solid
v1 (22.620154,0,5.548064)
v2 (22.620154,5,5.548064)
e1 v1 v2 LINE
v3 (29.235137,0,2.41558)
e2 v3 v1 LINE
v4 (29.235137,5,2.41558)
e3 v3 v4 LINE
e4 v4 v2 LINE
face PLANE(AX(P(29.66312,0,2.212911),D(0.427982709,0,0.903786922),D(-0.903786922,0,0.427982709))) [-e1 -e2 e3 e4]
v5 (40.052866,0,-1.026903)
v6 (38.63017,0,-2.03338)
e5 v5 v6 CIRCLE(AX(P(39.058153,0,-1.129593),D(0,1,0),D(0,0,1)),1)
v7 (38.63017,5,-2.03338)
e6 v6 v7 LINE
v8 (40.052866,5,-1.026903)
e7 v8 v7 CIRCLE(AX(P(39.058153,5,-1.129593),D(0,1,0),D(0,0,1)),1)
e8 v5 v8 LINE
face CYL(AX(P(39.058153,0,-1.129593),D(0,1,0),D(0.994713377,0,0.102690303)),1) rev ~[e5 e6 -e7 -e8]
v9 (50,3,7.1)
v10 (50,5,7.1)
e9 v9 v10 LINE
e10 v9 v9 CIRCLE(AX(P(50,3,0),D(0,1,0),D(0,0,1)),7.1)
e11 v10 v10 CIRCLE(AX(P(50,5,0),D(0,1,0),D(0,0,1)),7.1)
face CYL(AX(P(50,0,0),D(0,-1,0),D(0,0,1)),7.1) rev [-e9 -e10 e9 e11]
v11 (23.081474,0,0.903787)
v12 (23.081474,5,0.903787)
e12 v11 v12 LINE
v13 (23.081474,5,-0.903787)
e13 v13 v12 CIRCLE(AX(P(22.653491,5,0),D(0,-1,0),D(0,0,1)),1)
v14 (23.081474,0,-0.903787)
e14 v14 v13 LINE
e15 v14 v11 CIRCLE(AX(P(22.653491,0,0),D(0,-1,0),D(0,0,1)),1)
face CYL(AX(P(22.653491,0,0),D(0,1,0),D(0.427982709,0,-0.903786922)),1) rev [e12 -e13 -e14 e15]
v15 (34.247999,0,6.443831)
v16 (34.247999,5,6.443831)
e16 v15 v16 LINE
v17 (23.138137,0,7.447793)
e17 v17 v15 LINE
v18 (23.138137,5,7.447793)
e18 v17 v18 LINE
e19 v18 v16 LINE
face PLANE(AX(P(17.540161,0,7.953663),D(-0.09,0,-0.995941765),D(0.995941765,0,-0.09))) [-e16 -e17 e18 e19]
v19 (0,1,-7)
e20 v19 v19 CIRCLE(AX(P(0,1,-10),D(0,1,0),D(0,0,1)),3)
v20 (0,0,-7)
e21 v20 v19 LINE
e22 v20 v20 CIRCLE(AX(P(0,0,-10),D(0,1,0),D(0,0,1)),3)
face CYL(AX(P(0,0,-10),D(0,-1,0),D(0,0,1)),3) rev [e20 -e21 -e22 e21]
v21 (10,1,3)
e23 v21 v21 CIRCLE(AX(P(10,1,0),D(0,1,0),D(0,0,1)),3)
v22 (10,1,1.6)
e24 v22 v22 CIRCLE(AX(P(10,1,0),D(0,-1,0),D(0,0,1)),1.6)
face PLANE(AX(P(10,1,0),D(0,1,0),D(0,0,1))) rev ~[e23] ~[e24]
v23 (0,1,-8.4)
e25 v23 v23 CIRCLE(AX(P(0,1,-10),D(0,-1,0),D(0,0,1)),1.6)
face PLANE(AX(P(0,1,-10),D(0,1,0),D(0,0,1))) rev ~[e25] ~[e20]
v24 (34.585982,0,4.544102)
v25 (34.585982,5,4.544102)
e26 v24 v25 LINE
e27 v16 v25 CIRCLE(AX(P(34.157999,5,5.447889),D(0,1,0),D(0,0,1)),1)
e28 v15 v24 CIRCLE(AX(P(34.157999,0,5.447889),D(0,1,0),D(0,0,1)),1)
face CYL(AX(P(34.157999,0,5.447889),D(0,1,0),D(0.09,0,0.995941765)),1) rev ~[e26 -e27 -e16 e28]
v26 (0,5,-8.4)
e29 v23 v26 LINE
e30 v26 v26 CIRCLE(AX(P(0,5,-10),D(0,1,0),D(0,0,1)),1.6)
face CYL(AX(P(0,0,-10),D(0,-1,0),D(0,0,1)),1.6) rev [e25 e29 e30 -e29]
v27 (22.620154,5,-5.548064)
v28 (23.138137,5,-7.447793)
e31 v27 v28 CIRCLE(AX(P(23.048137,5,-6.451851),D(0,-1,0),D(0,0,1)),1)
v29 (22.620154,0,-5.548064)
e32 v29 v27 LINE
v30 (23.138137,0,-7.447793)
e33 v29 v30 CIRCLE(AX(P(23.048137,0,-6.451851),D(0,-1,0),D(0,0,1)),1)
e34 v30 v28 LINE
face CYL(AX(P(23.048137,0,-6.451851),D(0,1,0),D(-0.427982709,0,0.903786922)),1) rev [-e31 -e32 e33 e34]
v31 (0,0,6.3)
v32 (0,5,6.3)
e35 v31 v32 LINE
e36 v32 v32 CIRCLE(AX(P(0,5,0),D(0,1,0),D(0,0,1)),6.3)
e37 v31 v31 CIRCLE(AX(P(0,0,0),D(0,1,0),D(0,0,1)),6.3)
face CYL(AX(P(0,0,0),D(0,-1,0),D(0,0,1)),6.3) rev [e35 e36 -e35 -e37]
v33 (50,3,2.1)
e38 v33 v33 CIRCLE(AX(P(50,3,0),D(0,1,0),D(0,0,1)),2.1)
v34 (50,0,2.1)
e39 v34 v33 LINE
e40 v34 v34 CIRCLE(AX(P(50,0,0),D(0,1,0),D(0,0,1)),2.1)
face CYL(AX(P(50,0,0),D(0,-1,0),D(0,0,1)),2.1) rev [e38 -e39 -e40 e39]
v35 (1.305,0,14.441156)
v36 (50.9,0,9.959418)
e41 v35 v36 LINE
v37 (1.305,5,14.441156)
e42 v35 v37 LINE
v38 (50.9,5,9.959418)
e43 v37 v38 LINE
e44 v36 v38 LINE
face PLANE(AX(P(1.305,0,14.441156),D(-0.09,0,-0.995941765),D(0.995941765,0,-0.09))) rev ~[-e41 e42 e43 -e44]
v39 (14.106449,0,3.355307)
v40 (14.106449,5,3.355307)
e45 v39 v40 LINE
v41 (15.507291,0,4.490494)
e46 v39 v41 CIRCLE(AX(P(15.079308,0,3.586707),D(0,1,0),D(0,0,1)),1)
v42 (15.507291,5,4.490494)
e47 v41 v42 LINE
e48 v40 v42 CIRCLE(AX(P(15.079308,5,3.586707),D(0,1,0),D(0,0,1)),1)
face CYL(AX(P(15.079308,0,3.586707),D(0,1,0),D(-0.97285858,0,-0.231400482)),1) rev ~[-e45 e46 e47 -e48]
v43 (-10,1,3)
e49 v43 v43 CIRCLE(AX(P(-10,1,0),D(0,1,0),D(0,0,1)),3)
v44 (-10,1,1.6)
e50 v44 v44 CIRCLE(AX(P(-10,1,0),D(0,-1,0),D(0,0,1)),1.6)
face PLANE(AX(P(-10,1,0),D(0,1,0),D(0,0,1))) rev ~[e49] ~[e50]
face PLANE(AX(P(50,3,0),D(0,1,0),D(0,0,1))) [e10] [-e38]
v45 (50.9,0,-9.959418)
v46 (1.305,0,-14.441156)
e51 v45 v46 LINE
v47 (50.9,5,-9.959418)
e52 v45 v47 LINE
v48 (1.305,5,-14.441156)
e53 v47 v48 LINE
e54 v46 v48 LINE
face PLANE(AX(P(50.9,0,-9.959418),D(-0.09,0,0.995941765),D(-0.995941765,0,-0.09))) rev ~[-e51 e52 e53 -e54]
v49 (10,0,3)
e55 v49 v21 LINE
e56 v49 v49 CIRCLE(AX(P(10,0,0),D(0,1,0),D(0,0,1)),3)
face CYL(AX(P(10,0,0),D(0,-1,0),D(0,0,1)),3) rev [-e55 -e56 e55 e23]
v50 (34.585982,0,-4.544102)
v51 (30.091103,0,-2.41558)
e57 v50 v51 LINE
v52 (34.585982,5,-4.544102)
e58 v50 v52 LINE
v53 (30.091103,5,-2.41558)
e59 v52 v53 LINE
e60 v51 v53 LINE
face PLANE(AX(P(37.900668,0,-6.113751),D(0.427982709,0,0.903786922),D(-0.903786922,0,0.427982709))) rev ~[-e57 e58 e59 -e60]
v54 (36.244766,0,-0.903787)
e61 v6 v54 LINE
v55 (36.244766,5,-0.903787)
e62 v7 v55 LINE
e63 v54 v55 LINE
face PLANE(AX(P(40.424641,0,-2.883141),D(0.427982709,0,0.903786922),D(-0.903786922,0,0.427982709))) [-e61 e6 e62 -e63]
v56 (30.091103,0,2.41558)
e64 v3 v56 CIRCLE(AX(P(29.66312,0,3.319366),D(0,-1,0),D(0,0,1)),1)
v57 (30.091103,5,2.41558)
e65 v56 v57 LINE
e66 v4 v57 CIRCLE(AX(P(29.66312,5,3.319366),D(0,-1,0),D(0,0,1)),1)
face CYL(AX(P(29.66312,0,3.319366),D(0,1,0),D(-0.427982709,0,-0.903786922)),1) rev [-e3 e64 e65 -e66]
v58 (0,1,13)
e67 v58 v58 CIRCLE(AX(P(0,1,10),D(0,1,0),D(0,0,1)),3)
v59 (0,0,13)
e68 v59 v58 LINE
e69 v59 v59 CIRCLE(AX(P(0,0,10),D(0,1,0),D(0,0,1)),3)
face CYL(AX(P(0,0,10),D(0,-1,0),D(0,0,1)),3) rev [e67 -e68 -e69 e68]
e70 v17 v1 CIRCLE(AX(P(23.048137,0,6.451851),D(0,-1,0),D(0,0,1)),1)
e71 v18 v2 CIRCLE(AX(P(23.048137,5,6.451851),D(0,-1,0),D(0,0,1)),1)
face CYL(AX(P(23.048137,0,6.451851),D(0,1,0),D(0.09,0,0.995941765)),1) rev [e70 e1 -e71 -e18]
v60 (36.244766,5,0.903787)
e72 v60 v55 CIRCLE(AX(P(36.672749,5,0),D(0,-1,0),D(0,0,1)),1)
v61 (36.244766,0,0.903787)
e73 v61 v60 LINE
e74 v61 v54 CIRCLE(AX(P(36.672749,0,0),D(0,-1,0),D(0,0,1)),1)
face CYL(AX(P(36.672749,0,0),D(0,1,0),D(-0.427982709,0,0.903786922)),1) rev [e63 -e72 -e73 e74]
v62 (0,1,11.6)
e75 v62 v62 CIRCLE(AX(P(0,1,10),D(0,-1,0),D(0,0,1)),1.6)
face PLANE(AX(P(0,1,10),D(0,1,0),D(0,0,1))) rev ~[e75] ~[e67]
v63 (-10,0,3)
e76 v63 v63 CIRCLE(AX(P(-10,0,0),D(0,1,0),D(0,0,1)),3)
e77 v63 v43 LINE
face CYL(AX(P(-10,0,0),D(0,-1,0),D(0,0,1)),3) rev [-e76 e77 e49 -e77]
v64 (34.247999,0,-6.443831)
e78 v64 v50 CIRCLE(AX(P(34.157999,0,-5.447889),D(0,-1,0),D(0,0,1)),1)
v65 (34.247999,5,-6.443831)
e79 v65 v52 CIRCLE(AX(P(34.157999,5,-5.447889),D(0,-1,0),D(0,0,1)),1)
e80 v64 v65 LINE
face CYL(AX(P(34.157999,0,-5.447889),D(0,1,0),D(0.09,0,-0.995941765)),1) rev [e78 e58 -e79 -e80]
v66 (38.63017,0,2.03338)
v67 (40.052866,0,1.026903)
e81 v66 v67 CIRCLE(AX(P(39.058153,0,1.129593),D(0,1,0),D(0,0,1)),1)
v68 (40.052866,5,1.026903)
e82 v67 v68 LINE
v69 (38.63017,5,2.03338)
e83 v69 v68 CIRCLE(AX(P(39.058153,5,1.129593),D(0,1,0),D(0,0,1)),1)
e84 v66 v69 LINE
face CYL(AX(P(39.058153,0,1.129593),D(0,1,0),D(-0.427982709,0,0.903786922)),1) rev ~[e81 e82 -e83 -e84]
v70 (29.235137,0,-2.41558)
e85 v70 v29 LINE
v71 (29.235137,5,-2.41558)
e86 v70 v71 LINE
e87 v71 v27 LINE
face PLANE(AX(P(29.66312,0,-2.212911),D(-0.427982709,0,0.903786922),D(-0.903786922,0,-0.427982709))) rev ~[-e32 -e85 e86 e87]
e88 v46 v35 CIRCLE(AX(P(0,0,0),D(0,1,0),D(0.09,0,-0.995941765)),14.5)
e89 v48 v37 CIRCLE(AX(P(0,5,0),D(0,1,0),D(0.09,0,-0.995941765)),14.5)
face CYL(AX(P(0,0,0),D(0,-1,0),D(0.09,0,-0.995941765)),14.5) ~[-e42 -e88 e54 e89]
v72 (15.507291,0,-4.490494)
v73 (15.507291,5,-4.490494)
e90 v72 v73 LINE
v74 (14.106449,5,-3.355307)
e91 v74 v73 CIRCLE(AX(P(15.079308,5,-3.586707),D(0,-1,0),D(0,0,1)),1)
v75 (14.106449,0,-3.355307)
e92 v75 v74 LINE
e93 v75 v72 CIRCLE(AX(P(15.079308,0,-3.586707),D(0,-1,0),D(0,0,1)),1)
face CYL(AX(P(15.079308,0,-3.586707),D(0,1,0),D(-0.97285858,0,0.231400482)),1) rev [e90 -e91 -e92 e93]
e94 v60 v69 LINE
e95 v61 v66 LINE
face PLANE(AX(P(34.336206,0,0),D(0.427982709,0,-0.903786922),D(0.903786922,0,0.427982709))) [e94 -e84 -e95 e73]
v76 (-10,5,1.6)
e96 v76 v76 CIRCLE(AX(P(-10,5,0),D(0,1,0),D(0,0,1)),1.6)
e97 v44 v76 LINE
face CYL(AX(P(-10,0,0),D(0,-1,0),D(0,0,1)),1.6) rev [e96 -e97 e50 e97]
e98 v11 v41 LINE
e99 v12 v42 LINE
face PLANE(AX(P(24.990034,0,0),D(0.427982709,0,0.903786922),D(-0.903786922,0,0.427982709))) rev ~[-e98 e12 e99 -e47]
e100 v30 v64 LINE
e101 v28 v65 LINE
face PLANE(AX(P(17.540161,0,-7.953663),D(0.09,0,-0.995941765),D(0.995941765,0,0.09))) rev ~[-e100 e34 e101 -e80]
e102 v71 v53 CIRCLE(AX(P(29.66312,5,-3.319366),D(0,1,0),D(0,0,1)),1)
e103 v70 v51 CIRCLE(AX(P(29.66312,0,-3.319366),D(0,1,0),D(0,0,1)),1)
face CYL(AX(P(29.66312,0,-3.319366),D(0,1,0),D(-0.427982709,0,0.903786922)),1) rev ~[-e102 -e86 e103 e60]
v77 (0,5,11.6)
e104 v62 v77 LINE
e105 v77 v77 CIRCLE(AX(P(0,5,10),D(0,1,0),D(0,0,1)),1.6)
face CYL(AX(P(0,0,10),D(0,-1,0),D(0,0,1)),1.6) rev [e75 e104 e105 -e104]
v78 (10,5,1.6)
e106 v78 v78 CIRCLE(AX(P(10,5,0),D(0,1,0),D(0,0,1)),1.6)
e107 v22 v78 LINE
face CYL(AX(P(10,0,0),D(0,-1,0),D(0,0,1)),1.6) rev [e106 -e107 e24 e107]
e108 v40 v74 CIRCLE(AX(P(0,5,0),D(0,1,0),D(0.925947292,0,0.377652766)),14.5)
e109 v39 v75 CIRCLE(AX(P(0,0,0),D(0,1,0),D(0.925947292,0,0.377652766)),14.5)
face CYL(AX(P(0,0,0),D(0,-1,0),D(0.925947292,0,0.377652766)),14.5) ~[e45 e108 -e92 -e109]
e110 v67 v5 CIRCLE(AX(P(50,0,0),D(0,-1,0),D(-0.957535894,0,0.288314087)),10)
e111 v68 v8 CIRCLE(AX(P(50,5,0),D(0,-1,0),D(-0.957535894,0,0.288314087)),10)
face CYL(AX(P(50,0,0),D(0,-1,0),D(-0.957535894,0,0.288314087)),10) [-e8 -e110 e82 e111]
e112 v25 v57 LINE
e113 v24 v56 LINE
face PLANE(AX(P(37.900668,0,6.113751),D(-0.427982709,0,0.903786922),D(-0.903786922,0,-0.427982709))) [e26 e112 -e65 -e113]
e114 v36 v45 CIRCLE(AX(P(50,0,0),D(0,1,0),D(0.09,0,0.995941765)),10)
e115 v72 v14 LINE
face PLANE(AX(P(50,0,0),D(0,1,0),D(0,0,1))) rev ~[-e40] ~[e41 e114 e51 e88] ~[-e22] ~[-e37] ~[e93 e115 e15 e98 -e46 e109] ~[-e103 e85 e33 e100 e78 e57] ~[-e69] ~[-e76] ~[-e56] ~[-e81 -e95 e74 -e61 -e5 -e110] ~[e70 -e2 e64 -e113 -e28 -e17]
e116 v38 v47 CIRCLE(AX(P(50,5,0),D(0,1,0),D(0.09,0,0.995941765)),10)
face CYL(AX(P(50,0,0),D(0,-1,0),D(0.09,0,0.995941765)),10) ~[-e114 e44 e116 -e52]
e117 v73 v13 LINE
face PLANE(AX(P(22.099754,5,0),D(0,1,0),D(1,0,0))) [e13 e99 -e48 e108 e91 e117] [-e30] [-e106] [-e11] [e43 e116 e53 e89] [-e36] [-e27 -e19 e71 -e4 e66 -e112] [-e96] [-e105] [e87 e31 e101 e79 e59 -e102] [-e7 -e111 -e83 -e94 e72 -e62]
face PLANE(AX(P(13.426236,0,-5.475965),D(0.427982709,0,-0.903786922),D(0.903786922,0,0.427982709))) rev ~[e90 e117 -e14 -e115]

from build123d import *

# Parameters (mm, degrees)
SKETCH_1_R          = 1.6
SKETCH_1_R_2        = 6.3
SKETCH_1_R_3        = 7.1
EXTRUDE_1_DEPTH     = 5
SKETCH_1_3_R        = 7.1
SKETCH_1_3_R_2      = 2.1
EXTRUDE_2_DEPTH     = 3
FILLET_1_R          = 1
FILLET_2_R          = 1
FILLET_3_R          = 1
FILLET_4_R          = 1
SKETCH_2_R          = 3
CUT_EXTRUDE_1_DEPTH = 1


with BuildPart() as part:
    # 草图1 → 凸台-拉伸1 (new body)
    with BuildSketch(Plane(origin=(0, 0, 0), x_dir=(1, 0, 0), z_dir=(0, 1, 0))):
        with BuildLine():
            ThreePointArc((1.305, 14.441155598), (-14.5, 0), (1.305, -14.441155598))
            Line((1.305, -14.441155598), (50.9, -9.959417654))
            ThreePointArc((50.9, -9.959417654), (60, 0), (50.9, 9.959417654))
            Line((50.9, 9.959417654), (1.305, 14.441155598))
        make_face()
        with Locations((0, -10)):
            Circle(SKETCH_1_R, mode=Mode.SUBTRACT)
        with Locations((-10, 0)):
            Circle(SKETCH_1_R, mode=Mode.SUBTRACT)
        Circle(SKETCH_1_R_2, mode=Mode.SUBTRACT)
        with Locations((10, 0)):
            Circle(SKETCH_1_R, mode=Mode.SUBTRACT)
        with BuildLine():
            ThreePointArc((13.42623574, -5.475965106), (14.5, 0), (13.42623574, 5.475965106))
            Line((13.42623574, 5.475965106), (24.990033856, 0))
            Line((24.990033856, 0), (13.42623574, -5.475965106))
        make_face(mode=Mode.SUBTRACT)
        Polygon((37.900667884, -6.113750926), (17.540160593, -7.953663379), (29.663119838, -2.212910976), align=None, mode=Mode.SUBTRACT)
        with Locations((50, 0)):
            Circle(SKETCH_1_R_3, mode=Mode.SUBTRACT)
        with Locations((0, 10)):
            Circle(SKETCH_1_R, mode=Mode.SUBTRACT)
        with BuildLine():
            Line((40.424641065, -2.88314087), (34.33620582, 0))
            Line((34.33620582, 0), (40.424641065, 2.88314087))
            ThreePointArc((40.424641065, 2.88314087), (40, 0), (40.424641065, -2.88314087))
        make_face(mode=Mode.SUBTRACT)
        Polygon((29.663119838, 2.212910976), (17.540160593, 7.953663379), (37.900667884, 6.113750926), align=None, mode=Mode.SUBTRACT)
    extrude(amount=EXTRUDE_1_DEPTH)

    # 草图1<3> → 凸台-拉伸2 (add)
    with BuildSketch(Plane(origin=(0, 0, 0), x_dir=(1, 0, 0), z_dir=(0, 1, 0))):
        with Locations((50, 0)):
            Circle(SKETCH_1_3_R)
        with Locations((50, 0)):
            Circle(SKETCH_1_3_R_2, mode=Mode.SUBTRACT)
    extrude(amount=EXTRUDE_2_DEPTH)

    # 圆角1
    fillet_1_edges = [part.edges().sort_by_distance(p)[0] for p in [
        (34.33620582, 2.5, 0),
        (40.424641065, 2.5, -2.88314087),
        (40.424641065, 2.5, 2.88314087),
    ]]
    fillet(fillet_1_edges, radius=FILLET_1_R)

    # 圆角2
    fillet_2_edges = [part.edges().sort_by_distance(p)[0] for p in [
        (29.663119838, 2.5, 2.212910976),
        (17.540160593, 2.5, 7.953663379),
        (37.900667884, 2.5, 6.113750926),
    ]]
    fillet(fillet_2_edges, radius=FILLET_2_R)

    # 圆角3
    fillet_3_edges = [part.edges().sort_by_distance(p)[0] for p in [
        (17.540160593, 2.5, -7.953663379),
        (29.663119838, 2.5, -2.212910976),
        (37.900667884, 2.5, -6.113750926),
    ]]
    fillet(fillet_3_edges, radius=FILLET_3_R)

    # 圆角4
    fillet_4_edges = [part.edges().sort_by_distance(p)[0] for p in [
        (13.42623574, 2.5, -5.475965106),
        (24.990033856, 2.5, 0),
        (13.42623574, 2.5, 5.475965106),
    ]]
    fillet(fillet_4_edges, radius=FILLET_4_R)

    # 草图2 → 切除-拉伸1 (cut)
    with BuildSketch(Plane(origin=(0, 0, 0), x_dir=(1, 0, 0), z_dir=(0, 1, 0))):
        with Locations((0, -10)):
            Circle(SKETCH_2_R)
        with Locations((-10, 0)):
            Circle(SKETCH_2_R)
        with Locations((0, 10)):
            Circle(SKETCH_2_R)
        with Locations((10, 0)):
            Circle(SKETCH_2_R)
    extrude(amount=CUT_EXTRUDE_1_DEPTH, mode=Mode.SUBTRACT)


solid = part.part
